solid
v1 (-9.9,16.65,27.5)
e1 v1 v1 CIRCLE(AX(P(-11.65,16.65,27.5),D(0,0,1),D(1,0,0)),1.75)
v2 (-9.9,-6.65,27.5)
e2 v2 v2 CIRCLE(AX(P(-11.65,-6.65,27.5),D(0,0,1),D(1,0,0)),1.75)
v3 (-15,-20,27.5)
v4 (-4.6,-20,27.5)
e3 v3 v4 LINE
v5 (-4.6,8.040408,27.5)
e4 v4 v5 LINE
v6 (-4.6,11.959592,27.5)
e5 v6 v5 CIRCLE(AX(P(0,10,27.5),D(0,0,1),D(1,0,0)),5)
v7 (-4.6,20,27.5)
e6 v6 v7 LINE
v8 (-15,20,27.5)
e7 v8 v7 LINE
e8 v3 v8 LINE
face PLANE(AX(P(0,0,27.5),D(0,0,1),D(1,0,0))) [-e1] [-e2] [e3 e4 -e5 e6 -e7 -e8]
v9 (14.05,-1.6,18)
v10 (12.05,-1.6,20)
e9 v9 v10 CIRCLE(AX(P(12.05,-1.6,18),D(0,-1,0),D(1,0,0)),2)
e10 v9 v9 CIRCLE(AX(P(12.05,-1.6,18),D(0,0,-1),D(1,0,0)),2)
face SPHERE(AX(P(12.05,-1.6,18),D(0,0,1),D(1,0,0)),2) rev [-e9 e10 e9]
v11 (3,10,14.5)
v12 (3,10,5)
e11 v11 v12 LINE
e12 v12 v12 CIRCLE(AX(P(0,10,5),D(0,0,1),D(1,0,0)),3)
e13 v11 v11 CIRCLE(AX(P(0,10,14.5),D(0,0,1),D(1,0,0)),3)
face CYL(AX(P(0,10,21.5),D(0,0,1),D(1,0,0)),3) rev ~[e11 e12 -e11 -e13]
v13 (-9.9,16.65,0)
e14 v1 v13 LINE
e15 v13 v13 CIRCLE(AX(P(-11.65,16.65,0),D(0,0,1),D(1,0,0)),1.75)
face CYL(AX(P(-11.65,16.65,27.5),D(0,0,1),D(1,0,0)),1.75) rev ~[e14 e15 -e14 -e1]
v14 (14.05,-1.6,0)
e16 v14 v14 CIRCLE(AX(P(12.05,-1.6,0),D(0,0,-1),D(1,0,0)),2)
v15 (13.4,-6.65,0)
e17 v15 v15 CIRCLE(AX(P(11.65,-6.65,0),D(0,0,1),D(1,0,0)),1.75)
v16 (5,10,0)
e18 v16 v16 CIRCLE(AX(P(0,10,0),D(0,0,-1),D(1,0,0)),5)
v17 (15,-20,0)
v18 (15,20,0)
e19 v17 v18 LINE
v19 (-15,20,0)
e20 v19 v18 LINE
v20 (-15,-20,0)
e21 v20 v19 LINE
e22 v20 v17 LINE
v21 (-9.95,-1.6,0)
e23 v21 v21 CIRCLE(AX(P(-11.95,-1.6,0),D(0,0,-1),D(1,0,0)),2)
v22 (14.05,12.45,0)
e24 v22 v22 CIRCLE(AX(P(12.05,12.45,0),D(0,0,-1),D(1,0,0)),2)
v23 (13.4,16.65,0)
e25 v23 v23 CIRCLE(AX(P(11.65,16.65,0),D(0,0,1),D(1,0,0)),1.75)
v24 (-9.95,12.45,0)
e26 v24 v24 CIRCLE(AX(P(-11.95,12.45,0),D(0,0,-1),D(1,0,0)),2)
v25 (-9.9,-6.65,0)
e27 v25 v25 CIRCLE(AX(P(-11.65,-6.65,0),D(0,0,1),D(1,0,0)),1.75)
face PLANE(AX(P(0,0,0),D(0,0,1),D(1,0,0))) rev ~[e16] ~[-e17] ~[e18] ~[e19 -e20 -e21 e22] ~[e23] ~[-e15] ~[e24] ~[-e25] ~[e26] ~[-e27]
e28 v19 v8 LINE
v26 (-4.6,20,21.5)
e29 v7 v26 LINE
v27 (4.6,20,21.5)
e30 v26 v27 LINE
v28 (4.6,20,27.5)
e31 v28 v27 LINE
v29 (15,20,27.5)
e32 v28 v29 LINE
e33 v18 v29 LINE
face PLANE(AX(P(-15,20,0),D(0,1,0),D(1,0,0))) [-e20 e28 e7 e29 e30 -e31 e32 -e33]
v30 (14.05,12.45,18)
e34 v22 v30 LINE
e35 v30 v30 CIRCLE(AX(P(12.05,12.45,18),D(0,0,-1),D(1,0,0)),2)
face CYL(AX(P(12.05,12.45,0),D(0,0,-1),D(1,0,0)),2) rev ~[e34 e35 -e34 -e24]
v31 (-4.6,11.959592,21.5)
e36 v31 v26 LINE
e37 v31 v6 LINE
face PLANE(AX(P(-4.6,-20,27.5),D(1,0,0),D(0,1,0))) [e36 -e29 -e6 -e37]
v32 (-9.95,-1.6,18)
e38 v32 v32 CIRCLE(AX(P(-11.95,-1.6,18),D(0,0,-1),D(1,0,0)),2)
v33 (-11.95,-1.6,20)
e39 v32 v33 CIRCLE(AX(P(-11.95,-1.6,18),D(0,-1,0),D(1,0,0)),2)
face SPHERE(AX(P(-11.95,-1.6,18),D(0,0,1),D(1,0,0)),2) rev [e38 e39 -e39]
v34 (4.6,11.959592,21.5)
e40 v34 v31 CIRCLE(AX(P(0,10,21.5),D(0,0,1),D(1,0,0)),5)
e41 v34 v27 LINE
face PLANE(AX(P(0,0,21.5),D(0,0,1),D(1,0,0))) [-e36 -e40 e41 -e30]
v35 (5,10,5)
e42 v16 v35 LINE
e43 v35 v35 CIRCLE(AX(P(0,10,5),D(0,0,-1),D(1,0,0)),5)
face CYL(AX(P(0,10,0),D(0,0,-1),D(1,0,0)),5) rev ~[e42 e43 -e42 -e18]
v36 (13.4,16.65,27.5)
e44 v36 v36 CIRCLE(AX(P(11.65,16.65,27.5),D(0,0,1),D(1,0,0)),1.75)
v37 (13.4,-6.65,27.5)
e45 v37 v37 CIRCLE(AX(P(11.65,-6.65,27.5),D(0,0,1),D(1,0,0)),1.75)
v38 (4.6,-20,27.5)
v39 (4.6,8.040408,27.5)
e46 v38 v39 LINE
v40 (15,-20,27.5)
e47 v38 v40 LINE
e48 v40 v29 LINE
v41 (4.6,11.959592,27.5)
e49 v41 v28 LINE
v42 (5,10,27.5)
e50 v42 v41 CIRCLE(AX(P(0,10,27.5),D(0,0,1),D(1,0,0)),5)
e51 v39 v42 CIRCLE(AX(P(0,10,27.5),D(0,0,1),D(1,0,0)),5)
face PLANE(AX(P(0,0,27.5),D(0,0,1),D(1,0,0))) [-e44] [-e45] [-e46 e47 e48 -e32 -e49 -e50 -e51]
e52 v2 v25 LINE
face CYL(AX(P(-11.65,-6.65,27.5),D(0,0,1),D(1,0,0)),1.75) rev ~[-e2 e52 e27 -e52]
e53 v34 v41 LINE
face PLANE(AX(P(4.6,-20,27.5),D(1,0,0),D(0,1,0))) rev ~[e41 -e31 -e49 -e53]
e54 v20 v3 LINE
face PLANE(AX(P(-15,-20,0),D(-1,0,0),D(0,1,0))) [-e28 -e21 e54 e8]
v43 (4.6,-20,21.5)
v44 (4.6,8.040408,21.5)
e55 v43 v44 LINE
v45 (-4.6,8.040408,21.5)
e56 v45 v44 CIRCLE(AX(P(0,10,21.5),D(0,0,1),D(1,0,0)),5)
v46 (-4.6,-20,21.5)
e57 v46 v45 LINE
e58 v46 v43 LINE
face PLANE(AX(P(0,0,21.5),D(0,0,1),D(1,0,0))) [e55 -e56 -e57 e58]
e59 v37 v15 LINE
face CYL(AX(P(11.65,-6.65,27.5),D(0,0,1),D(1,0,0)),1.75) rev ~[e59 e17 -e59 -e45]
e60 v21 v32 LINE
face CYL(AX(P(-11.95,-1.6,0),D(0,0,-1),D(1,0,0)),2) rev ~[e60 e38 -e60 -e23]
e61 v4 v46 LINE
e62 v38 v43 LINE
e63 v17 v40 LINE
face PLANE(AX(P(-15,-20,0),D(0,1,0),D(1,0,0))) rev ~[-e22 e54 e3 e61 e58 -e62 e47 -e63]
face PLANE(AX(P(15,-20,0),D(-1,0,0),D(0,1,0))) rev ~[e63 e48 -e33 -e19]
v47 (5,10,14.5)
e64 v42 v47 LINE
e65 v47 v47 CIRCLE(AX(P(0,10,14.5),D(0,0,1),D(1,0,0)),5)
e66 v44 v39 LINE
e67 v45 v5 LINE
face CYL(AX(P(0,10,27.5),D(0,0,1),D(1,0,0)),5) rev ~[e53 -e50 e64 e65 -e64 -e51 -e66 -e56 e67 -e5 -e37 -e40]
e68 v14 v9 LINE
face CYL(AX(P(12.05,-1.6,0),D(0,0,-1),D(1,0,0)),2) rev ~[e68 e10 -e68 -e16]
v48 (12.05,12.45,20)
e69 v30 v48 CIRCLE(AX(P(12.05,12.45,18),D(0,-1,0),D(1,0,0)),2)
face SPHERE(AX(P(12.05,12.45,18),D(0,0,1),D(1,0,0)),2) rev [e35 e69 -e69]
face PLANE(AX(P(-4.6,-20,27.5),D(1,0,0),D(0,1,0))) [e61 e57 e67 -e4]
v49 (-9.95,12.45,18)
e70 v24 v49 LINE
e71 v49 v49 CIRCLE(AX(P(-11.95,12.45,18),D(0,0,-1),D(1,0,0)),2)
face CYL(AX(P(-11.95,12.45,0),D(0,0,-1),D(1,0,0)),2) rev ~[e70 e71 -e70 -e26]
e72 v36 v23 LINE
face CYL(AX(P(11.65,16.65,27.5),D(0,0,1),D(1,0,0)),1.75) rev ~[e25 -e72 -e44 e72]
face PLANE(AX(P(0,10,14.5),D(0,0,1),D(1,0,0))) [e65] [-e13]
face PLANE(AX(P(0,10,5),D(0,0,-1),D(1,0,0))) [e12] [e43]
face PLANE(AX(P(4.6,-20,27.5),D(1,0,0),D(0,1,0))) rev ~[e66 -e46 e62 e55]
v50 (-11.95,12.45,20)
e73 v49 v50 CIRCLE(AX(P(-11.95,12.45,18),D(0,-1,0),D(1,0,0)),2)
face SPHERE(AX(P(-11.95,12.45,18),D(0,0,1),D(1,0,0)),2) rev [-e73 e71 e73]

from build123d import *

# Parameters (mm, degrees)
F0_W      = 30
F0_H      = 40
F1_DEPTH  = 27.5
F2_W      = 9.2
F2_H      = 40
F3_DEPTH  = 6
F4_R      = 1.75
F5_DEPTH  = 27.501
F6_R      = 3
F7_DEPTH  = 21.501
F8_R      = 5
F9_DEPTH  = 13
F10_R     = 5
F11_DEPTH = 5
F12_R     = 2
F13_DEPTH = 20
F14_R     = 2


with BuildPart() as f1:
    # F0 (on Top) → F1 (new body)
    with BuildSketch(Plane.XY):
        Rectangle(F0_W, F0_H)
    extrude(amount=F1_DEPTH)

    # F2 (on face) → F3 (cut)
    with BuildSketch(Plane.XY.offset(27.5)):
        Rectangle(F2_W, F2_H)
    extrude(amount=-F3_DEPTH, mode=Mode.SUBTRACT)

    # F4 (on face) → F5 (cut, through all)
    with BuildSketch(Plane.XY.offset(27.5)):
        with Locations((-11.65, 16.65)):
            Circle(F4_R)
        with Locations((-11.65, -6.65)):
            Circle(F4_R)
        with Locations((11.65, 16.65)):
            Circle(F4_R)
        with Locations((11.65, -6.65)):
            Circle(F4_R)
    extrude(amount=-F5_DEPTH, mode=Mode.SUBTRACT)

    # F6 (on face) → F7 (cut, through all)
    with BuildSketch(Plane.XY.offset(21.5)):
        with Locations((0, 10)):
            Circle(F6_R)
    extrude(amount=-F7_DEPTH, mode=Mode.SUBTRACT)

    # F8 (on face) → F9 (cut)
    with BuildSketch(Plane.XY.offset(27.5)):
        with Locations((0, 10)):
            Circle(F8_R)
    extrude(amount=-F9_DEPTH, mode=Mode.SUBTRACT)

    # F10 (on face) → F11 (cut)
    with BuildSketch(Plane(origin=(0, 0, 0), x_dir=(1, 0, 0), z_dir=(0, 0, -1))):
        with Locations((0, -10)):
            Circle(F10_R)
    extrude(amount=-F11_DEPTH, mode=Mode.SUBTRACT)

    # F12 (on face) → F13 (cut)
    with BuildSketch(Plane(origin=(0, 0, 0), x_dir=(1, 0, 0), z_dir=(0, 0, -1))):
        with Locations((-11.95, 1.6)):
            Circle(F12_R)
        with Locations((-11.95, -12.45)):
            Circle(F12_R)
        with Locations((12.05, 1.6)):
            Circle(F12_R)
        with Locations((12.05, -12.45)):
            Circle(F12_R)
    extrude(amount=-F13_DEPTH, mode=Mode.SUBTRACT)

    # F14
    f14_edges = [f1.edges().sort_by_distance(p)[0] for p in [
        (-13.95, -1.6, 20),
        (-13.95, 12.45, 20),
        (10.05, -1.6, 20),
        (10.05, 12.45, 20),
    ]]
    fillet(f14_edges, radius=F14_R)


solid = f1.part
